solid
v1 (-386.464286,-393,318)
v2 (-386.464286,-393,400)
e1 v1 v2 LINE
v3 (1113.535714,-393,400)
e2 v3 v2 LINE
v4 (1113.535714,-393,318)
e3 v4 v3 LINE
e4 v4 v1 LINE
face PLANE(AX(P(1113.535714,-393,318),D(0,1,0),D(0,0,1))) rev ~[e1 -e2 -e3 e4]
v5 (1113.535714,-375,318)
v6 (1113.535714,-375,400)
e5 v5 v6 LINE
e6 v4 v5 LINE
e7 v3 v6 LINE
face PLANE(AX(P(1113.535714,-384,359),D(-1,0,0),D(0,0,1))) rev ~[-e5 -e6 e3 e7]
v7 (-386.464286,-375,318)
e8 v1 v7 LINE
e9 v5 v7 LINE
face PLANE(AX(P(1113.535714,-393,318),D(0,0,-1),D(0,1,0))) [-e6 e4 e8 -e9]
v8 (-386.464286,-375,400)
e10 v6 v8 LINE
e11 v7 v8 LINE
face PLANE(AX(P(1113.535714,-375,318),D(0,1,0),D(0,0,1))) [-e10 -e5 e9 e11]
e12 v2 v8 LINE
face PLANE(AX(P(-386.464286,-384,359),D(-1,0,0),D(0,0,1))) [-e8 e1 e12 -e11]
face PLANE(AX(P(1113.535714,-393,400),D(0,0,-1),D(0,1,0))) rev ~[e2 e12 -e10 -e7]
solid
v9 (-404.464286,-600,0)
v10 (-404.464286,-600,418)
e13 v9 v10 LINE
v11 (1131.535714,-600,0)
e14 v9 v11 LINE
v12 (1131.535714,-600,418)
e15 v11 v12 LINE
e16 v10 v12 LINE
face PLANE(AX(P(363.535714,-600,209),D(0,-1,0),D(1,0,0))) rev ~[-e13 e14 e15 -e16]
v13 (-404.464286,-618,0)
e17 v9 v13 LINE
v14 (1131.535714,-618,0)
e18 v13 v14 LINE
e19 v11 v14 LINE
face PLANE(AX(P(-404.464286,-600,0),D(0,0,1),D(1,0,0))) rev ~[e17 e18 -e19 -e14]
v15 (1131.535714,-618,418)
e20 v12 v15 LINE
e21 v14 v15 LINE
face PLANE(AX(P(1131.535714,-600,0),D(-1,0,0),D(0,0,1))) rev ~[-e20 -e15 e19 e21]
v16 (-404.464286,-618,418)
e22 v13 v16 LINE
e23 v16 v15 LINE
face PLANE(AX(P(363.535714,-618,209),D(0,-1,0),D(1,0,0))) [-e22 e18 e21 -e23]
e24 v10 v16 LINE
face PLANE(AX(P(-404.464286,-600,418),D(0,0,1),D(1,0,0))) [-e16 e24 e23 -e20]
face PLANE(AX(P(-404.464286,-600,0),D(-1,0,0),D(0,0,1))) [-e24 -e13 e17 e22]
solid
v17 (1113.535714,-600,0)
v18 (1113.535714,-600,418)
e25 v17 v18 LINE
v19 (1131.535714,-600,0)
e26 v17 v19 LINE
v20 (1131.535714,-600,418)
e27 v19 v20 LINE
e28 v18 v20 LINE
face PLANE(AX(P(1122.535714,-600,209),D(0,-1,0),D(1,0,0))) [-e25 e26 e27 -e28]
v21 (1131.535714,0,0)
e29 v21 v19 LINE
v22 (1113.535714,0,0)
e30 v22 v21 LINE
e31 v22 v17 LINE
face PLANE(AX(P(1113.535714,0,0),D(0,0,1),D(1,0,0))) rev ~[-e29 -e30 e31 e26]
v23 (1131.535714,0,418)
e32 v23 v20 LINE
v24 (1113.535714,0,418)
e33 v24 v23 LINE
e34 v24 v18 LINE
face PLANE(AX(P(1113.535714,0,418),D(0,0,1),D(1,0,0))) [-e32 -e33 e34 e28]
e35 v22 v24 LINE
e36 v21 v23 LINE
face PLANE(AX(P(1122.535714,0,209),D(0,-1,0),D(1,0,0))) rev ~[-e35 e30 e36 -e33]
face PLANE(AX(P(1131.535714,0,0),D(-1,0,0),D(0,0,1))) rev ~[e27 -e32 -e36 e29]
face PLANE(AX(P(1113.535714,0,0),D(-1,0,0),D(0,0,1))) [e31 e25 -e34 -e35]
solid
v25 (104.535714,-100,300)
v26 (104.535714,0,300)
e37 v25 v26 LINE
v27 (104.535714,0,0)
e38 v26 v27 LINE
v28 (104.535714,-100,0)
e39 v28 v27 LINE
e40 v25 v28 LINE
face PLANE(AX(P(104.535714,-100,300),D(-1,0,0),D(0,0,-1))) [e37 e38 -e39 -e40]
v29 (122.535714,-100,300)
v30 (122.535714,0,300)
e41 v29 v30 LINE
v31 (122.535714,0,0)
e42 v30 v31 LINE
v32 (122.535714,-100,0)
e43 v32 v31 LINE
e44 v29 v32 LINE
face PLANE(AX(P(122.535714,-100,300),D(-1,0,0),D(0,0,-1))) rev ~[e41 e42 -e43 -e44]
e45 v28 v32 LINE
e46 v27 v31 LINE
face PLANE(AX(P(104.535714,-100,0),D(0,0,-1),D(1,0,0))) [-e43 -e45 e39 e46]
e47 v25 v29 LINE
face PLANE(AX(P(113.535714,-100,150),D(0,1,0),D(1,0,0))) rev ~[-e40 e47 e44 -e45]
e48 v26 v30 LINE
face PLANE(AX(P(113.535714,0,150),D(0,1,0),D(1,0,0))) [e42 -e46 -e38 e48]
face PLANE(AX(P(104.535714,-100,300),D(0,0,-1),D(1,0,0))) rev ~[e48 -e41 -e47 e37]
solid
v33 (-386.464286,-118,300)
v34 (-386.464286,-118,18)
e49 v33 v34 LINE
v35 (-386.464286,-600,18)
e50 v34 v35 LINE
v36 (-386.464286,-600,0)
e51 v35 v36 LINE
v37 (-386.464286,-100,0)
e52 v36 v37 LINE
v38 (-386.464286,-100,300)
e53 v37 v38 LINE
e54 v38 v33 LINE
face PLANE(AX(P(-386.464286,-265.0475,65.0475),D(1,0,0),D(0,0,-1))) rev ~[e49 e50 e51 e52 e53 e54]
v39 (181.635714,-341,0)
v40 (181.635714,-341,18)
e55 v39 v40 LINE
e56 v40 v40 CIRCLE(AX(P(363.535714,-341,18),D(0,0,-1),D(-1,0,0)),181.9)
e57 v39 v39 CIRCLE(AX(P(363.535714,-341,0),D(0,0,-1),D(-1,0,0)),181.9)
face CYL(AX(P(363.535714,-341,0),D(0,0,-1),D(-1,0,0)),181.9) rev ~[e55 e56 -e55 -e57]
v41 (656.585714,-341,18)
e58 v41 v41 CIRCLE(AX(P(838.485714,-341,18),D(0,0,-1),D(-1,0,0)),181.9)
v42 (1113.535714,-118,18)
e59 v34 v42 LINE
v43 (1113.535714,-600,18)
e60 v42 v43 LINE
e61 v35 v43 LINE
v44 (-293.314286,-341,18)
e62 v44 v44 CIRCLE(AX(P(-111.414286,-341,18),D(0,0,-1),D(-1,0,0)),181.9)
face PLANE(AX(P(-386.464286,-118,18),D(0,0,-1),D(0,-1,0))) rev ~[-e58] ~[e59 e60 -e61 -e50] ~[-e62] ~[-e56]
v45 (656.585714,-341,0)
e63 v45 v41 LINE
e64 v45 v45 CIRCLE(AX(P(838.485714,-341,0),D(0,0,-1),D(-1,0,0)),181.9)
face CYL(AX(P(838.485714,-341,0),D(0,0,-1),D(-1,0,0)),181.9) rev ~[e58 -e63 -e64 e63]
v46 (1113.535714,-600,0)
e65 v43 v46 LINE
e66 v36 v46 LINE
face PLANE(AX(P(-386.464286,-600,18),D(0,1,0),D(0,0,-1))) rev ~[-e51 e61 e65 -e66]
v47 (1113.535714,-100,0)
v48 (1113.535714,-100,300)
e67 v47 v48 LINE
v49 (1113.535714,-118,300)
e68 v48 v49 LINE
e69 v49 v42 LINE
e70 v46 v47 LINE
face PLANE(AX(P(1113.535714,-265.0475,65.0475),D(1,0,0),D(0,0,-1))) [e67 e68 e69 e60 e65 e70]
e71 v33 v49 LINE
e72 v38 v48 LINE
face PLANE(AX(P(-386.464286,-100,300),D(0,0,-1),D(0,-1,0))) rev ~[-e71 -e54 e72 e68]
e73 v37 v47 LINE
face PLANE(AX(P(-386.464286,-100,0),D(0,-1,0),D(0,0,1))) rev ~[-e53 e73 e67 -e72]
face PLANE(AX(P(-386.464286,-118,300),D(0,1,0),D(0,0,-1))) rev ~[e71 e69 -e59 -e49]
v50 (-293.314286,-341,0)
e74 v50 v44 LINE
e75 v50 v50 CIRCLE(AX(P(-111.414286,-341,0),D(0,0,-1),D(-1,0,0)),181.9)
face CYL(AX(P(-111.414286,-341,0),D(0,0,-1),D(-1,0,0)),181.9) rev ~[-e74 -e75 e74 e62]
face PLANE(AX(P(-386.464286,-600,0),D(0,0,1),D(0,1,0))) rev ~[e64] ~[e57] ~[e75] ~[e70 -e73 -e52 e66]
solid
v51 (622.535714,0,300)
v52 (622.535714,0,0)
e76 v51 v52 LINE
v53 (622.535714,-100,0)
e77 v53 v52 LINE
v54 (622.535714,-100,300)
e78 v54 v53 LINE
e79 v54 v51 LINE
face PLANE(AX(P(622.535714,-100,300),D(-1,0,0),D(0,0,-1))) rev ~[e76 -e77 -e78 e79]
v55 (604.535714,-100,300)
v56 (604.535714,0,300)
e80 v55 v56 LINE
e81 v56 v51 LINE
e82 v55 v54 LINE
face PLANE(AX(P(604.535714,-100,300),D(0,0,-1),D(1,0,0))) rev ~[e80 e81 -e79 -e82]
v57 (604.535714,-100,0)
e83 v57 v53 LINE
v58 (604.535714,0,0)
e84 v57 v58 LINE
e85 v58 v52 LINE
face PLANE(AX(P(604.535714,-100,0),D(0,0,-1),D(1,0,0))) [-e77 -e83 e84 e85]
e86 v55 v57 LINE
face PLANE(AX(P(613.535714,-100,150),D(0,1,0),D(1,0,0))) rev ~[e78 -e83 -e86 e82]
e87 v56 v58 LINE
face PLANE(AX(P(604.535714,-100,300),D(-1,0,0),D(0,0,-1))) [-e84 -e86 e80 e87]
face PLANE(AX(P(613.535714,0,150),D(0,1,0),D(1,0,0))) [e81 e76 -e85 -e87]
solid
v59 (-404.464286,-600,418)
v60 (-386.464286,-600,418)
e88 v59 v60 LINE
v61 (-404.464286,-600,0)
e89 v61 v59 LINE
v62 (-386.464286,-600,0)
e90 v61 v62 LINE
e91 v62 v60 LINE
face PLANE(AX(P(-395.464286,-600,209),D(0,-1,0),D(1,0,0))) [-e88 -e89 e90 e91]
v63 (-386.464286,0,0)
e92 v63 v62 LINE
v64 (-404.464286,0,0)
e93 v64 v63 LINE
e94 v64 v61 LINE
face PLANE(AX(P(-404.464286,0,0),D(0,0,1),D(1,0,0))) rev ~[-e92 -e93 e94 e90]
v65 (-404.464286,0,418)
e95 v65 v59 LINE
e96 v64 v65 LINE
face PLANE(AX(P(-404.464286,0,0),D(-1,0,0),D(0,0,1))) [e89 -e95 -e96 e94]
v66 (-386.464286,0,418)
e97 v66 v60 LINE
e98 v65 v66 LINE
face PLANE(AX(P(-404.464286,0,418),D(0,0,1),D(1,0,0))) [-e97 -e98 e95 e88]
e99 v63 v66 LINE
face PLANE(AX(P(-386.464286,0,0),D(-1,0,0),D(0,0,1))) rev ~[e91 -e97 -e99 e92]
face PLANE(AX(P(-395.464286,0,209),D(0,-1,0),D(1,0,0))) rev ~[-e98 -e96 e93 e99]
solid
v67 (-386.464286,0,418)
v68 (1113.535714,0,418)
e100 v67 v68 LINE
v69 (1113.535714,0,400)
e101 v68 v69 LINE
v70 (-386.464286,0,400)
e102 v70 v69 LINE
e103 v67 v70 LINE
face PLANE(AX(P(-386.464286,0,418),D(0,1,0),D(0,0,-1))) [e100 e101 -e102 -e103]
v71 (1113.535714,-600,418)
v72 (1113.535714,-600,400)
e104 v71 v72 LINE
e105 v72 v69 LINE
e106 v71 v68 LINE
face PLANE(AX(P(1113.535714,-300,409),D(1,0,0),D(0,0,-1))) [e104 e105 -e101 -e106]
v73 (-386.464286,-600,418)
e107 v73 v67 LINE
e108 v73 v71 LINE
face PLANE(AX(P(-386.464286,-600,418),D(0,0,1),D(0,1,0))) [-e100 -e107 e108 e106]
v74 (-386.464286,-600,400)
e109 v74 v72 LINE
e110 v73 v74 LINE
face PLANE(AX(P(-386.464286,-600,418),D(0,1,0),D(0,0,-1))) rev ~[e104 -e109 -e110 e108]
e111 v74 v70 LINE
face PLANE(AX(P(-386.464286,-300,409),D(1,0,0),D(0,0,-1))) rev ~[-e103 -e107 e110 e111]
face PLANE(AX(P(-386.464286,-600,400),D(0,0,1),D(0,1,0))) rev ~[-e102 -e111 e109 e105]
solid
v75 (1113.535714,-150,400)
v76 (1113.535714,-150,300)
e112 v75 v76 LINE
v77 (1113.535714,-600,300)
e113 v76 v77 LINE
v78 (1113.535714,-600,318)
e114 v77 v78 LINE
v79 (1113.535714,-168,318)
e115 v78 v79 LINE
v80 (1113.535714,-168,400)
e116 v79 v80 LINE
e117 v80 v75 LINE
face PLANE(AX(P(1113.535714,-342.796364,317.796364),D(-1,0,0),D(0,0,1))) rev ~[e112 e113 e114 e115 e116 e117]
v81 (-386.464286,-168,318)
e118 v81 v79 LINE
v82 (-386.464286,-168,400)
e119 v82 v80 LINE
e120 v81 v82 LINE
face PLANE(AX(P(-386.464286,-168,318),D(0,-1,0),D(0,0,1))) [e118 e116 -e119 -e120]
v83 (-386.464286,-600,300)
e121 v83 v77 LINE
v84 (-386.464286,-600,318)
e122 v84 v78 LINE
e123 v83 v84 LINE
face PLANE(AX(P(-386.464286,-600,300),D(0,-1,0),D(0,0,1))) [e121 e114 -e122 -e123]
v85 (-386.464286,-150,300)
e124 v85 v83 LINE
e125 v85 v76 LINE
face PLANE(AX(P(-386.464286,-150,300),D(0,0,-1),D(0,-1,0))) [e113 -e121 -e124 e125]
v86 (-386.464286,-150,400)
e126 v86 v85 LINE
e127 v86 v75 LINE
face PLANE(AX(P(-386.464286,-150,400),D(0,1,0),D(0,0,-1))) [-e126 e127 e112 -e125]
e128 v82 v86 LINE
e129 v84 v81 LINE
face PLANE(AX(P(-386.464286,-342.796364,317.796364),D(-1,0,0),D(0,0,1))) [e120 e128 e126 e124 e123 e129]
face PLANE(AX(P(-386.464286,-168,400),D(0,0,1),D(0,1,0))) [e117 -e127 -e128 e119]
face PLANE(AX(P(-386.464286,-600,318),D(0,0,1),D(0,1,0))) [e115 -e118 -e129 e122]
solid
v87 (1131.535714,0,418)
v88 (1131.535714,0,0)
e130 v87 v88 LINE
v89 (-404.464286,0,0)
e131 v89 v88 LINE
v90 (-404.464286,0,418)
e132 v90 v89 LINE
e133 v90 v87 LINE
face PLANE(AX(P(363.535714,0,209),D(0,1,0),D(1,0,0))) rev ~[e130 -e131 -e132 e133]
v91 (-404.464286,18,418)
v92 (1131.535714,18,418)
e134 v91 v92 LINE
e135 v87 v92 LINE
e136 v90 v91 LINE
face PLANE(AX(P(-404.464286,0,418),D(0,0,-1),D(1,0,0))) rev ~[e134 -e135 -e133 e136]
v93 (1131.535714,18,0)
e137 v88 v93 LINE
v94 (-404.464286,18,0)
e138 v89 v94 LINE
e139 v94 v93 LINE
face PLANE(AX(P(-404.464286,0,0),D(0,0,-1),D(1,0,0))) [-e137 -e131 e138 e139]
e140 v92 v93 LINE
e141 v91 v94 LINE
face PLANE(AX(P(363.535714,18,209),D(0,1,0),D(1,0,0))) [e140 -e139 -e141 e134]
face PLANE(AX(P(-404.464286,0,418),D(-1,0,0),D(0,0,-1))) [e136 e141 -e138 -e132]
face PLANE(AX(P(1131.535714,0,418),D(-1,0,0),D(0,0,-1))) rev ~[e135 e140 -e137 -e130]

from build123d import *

# Parameters (mm, degrees)
ESQUISSE1_W             = 1536
ESQUISSE1_H             = 418
BOSS_EXTRU_1_DEPTH      = 18
ESQUISSE2_W             = 18
ESQUISSE2_H             = 418
EXTRU_MINCE3_DEPTH      = 600
ESQUISSE6_W             = 18
ESQUISSE6_H             = 418
EXTRU_MINCE4_DEPTH      = 600
ESQUISSE10_W            = 18
ESQUISSE10_H            = 600
EXTRU_MINCE5_DEPTH      = 1500
EXTRU_MINCE6_DEPTH      = 1500
ESQUISSE19_W            = 82
ESQUISSE19_H            = 18
BOSS_EXTRU_4_DEPTH      = 1500
EXTRU_MINCE7_DEPTH      = 1500
ESQUISSE13_R            = 181.9
ENL_V_MAT_EXTRU_1_DEPTH = 18
ESQUISSE14_W            = 1536
ESQUISSE14_H            = 418
BOSS_EXTRU_2_DEPTH      = 18
ESQUISSE16_W            = 18
ESQUISSE16_H            = 300
BOSS_EXTRU_3_DEPTH      = 100
BOSS_EXTRU_3_2_DEPTH    = 100


with BuildPart() as part:
    # Esquisse1 → Boss.-Extru.1 (new body)
    with BuildSketch(Plane(origin=(0, 0, 0), x_dir=(1, 0, 0), z_dir=(0, 1, 0))):
        with Locations((363.535714286, -209)):
            Rectangle(ESQUISSE1_W, ESQUISSE1_H)
    extrude(amount=BOSS_EXTRU_1_DEPTH)


with BuildPart() as body_2:
    # Esquisse2 → Extru.-Mince3 (new body)
    with BuildSketch(Plane.XZ):
        with Locations((1122.535714286, 209)):
            Rectangle(ESQUISSE2_W, ESQUISSE2_H)
    extrude(amount=EXTRU_MINCE3_DEPTH)


with BuildPart() as body_3:
    # Esquisse6 → Extru.-Mince4 (new body)
    with BuildSketch(Plane.XZ):
        with Locations((-395.464285714, 209)):
            Rectangle(ESQUISSE6_W, ESQUISSE6_H)
    extrude(amount=EXTRU_MINCE4_DEPTH)


with BuildPart() as body_4:
    # Esquisse10 → Extru.-Mince5 (new body)
    with BuildSketch(Plane(origin=(-386.464285714, 0, 0), x_dir=(0, 0, -1), z_dir=(1, 0, 0))):
        with Locations((-409, -300)):
            Rectangle(ESQUISSE10_W, ESQUISSE10_H)
    extrude(amount=EXTRU_MINCE5_DEPTH)


with BuildPart() as body_5:
    # Esquisse11 → Extru.-Mince6 (new body)
    with BuildSketch(Plane(origin=(-386.464285714, 0, 0), x_dir=(0, 0, -1), z_dir=(1, 0, 0))):
        Polygon((-400, -150), (-300, -150), (-300, -600), (-318, -600), (-318, -168), (-400, -168), align=None)
    extrude(amount=EXTRU_MINCE6_DEPTH)


with BuildPart() as body_6:
    # Esquisse19 → Boss.-Extru.4 (new body)
    with BuildSketch(Plane.ZY.offset(-1113.535714286)):
        with Locations((359, -384)):
            Rectangle(ESQUISSE19_W, ESQUISSE19_H)
    extrude(amount=BOSS_EXTRU_4_DEPTH)


with BuildPart() as body_7:
    # Esquisse12 → Extru.-Mince7 (new body)
    with BuildSketch(Plane(origin=(-386.464285714, 0, 0), x_dir=(0, 0, -1), z_dir=(1, 0, 0))):
        Polygon((0, -600), (0, -100), (-300, -100), (-300, -118), (-18, -118), (-18, -600), align=None)
    extrude(amount=EXTRU_MINCE7_DEPTH)

    # Esquisse13 → Enlèv. mat.-Extru.1 (cut)
    with BuildSketch(Plane(origin=(0, 0, 0), x_dir=(-1, 0, 0), z_dir=(0, 0, -1))):
        with Locations((-363.535714286, -341)):
            Circle(ESQUISSE13_R)
        with Locations((111.414285714, -341)):
            Circle(ESQUISSE13_R)
        with Locations((-838.485714286, -341)):
            Circle(ESQUISSE13_R)
    extrude(amount=-ENL_V_MAT_EXTRU_1_DEPTH, mode=Mode.SUBTRACT)


with BuildPart() as body_8:
    # Esquisse14 → Boss.-Extru.2 (new body)
    with BuildSketch(Plane.XZ.offset(600)):
        with Locations((363.535714286, 209)):
            Rectangle(ESQUISSE14_W, ESQUISSE14_H)
    extrude(amount=BOSS_EXTRU_2_DEPTH)


with BuildPart() as body_9:
    # Esquisse16 → Boss.-Extru.3 (new body)
    with BuildSketch(Plane(origin=(0, -100, 0), x_dir=(1, 0, 0), z_dir=(0, 1, 0))):
        with Locations((113.535714286, -150)):
            Rectangle(ESQUISSE16_W, ESQUISSE16_H)
    extrude(amount=BOSS_EXTRU_3_DEPTH)


with BuildPart() as body_10:
    # Esquisse16 → Boss.-Extru.3 2 (new body)
    with BuildSketch(Plane(origin=(0, -100, 0), x_dir=(1, 0, 0), z_dir=(0, 1, 0))):
        with Locations((613.535714286, -150)):
            Rectangle(ESQUISSE16_W, ESQUISSE16_H)
    extrude(amount=BOSS_EXTRU_3_2_DEPTH)


solid = Compound([part.part, body_2.part, body_3.part, body_4.part, body_5.part, body_6.part, body_7.part, body_8.part, body_9.part, body_10.part])
